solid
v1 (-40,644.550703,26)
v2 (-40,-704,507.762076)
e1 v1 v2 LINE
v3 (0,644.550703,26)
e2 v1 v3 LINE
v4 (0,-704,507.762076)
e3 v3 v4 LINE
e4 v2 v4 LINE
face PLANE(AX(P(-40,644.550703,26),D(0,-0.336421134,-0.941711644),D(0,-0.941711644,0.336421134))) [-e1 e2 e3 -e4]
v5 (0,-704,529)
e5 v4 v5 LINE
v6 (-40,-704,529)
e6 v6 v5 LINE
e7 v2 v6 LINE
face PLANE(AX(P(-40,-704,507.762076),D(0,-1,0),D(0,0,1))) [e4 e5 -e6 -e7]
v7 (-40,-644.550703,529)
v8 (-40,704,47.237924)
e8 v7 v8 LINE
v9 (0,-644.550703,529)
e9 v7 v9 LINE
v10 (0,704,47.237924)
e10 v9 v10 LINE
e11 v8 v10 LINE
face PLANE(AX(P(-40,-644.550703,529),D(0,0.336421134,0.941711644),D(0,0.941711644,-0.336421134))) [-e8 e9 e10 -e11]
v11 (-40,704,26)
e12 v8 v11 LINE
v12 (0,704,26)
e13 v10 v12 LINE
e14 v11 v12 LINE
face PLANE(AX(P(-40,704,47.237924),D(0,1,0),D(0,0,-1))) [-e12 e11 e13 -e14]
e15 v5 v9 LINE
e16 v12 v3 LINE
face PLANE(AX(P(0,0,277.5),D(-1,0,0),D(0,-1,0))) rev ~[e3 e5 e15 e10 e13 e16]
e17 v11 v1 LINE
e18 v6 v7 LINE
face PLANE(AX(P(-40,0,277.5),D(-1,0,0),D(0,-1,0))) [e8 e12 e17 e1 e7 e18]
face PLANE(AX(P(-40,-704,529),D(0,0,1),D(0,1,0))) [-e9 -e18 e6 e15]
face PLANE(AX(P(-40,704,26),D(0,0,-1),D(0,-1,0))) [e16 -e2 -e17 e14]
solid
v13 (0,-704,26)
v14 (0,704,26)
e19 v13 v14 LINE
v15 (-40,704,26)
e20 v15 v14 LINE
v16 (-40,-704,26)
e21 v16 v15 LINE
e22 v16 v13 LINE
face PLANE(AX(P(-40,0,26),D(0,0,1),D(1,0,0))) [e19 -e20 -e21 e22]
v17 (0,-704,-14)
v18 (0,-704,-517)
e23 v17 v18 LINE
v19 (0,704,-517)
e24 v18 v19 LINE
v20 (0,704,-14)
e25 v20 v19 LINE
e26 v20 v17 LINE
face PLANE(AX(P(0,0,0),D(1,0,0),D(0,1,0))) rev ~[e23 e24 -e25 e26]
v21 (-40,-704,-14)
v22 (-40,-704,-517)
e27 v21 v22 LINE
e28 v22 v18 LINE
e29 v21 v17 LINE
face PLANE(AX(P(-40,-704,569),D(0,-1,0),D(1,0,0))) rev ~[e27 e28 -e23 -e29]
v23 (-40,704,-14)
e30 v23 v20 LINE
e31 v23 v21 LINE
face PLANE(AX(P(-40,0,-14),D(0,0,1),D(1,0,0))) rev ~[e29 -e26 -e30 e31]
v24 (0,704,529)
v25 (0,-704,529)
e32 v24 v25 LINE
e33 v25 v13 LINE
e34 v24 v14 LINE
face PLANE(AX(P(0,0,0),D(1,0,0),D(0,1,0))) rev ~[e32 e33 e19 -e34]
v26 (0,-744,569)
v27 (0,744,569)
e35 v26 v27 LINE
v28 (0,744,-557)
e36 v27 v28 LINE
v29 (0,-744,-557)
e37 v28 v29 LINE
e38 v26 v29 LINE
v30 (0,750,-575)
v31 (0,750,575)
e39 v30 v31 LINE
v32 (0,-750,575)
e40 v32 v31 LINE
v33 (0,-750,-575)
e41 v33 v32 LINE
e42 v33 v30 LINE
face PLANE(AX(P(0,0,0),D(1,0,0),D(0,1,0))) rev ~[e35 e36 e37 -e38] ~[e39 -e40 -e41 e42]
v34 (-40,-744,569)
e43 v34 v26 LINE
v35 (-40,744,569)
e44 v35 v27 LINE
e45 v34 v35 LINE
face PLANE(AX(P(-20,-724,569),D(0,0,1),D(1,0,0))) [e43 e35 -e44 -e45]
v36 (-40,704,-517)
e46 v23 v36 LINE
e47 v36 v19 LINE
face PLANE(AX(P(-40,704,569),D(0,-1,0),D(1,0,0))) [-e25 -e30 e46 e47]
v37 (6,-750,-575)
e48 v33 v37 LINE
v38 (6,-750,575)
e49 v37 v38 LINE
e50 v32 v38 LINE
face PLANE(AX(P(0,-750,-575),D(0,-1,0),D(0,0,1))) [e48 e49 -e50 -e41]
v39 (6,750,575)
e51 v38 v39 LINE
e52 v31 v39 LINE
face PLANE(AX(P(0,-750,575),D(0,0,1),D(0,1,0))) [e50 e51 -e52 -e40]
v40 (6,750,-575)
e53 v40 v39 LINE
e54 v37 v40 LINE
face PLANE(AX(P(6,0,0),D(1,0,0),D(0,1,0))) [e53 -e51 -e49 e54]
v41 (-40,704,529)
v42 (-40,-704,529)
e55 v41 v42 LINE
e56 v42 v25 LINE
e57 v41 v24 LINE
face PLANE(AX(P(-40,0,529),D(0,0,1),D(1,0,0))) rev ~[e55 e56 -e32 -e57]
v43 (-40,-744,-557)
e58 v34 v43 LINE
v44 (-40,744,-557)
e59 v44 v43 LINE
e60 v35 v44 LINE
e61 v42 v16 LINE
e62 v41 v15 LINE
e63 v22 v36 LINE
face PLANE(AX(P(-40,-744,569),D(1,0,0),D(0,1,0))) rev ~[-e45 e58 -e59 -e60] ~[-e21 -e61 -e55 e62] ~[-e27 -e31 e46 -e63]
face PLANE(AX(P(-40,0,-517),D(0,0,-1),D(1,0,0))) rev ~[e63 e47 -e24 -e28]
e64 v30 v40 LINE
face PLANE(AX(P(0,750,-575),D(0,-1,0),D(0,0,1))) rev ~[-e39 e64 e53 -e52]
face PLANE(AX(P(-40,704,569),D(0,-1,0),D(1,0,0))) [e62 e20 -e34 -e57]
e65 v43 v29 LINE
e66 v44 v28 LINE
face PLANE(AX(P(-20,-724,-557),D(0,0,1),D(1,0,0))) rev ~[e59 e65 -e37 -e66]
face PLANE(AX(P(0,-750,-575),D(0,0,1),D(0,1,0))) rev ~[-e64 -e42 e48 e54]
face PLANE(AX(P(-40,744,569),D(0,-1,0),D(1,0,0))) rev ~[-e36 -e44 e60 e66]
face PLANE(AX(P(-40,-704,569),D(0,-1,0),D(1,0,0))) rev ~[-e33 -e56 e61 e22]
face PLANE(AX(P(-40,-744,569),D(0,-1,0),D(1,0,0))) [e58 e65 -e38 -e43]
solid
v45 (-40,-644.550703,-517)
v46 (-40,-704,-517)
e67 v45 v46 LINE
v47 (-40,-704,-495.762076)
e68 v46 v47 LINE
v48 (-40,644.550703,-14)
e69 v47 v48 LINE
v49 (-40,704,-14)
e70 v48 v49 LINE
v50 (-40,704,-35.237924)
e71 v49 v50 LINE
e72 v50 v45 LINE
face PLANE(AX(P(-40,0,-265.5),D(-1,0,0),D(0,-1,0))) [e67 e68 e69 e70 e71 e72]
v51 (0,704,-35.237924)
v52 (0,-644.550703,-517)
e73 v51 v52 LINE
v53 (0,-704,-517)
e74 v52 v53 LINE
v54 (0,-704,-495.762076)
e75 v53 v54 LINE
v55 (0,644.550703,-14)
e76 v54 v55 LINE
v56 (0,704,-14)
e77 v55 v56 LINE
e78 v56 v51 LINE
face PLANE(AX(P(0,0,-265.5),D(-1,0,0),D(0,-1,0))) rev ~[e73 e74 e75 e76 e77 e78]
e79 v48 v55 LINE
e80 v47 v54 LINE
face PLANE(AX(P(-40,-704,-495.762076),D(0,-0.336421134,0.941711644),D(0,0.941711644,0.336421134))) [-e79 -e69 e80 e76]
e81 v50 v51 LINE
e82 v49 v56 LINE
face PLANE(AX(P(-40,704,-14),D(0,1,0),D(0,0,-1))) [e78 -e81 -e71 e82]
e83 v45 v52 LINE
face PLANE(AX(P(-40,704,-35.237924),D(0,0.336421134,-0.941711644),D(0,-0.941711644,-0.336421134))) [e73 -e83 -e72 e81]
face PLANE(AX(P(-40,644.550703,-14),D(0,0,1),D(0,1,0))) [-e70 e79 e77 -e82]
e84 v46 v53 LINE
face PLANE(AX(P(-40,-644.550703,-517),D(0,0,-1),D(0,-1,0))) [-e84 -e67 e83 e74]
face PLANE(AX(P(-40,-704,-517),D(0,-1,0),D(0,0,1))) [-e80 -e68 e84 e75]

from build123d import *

# Parameters (mm, degrees)
F0_W     = 1500
F0_H     = 1150
F1_DEPTH = 6
F2_W     = 40
F2_H     = 40
F3_DEPTH = 704
F4_W     = 40
F4_H     = 40
F5_DEPTH = 1126
F7_DEPTH = 40


with BuildPart() as f1:
    # F0 (on Right) → F1 (new body)
    with BuildSketch(Plane.YZ):
        Rectangle(F0_W, F0_H)
    extrude(amount=F1_DEPTH)

    # F2 (on Front) → F3 (join, symmetric)
    with BuildSketch(Plane.XZ):
        with Locations((-20, 549)):
            Rectangle(F2_W, F2_H)
        with Locations((-20, 6)):
            Rectangle(F2_W, F2_H)
        with Locations((-20, -537)):
            Rectangle(F2_W, F2_H)
    extrude(amount=F3_DEPTH, both=True)

    # F4 (on face) → F5 (join)
    with BuildSketch(Plane.XY.offset(569)):
        with Locations((-20, -724)):
            Rectangle(F4_W, F4_H)
        with Locations((-20, 724)):
            Rectangle(F4_W, F4_H)
    extrude(amount=-F5_DEPTH)


with BuildPart() as f7:
    # F6 (on face) → F7 (new body)
    with BuildSketch(Plane(origin=(-40, 0, 0), x_dir=(0, -1, 0), z_dir=(-1, 0, 0))):
        Polygon((704, 529), (644.550703, 529), (-704, 47.237924), (-704, 26), (-644.550703, 26), (704, 507.762076), align=None)
        Polygon((-704, -14), (-704, -35.237924), (644.550703, -517), (704, -517), (704, -495.762076), (-644.550703, -14), align=None)
    extrude(amount=-F7_DEPTH)


solid = Compound([f1.part, f7.part])
